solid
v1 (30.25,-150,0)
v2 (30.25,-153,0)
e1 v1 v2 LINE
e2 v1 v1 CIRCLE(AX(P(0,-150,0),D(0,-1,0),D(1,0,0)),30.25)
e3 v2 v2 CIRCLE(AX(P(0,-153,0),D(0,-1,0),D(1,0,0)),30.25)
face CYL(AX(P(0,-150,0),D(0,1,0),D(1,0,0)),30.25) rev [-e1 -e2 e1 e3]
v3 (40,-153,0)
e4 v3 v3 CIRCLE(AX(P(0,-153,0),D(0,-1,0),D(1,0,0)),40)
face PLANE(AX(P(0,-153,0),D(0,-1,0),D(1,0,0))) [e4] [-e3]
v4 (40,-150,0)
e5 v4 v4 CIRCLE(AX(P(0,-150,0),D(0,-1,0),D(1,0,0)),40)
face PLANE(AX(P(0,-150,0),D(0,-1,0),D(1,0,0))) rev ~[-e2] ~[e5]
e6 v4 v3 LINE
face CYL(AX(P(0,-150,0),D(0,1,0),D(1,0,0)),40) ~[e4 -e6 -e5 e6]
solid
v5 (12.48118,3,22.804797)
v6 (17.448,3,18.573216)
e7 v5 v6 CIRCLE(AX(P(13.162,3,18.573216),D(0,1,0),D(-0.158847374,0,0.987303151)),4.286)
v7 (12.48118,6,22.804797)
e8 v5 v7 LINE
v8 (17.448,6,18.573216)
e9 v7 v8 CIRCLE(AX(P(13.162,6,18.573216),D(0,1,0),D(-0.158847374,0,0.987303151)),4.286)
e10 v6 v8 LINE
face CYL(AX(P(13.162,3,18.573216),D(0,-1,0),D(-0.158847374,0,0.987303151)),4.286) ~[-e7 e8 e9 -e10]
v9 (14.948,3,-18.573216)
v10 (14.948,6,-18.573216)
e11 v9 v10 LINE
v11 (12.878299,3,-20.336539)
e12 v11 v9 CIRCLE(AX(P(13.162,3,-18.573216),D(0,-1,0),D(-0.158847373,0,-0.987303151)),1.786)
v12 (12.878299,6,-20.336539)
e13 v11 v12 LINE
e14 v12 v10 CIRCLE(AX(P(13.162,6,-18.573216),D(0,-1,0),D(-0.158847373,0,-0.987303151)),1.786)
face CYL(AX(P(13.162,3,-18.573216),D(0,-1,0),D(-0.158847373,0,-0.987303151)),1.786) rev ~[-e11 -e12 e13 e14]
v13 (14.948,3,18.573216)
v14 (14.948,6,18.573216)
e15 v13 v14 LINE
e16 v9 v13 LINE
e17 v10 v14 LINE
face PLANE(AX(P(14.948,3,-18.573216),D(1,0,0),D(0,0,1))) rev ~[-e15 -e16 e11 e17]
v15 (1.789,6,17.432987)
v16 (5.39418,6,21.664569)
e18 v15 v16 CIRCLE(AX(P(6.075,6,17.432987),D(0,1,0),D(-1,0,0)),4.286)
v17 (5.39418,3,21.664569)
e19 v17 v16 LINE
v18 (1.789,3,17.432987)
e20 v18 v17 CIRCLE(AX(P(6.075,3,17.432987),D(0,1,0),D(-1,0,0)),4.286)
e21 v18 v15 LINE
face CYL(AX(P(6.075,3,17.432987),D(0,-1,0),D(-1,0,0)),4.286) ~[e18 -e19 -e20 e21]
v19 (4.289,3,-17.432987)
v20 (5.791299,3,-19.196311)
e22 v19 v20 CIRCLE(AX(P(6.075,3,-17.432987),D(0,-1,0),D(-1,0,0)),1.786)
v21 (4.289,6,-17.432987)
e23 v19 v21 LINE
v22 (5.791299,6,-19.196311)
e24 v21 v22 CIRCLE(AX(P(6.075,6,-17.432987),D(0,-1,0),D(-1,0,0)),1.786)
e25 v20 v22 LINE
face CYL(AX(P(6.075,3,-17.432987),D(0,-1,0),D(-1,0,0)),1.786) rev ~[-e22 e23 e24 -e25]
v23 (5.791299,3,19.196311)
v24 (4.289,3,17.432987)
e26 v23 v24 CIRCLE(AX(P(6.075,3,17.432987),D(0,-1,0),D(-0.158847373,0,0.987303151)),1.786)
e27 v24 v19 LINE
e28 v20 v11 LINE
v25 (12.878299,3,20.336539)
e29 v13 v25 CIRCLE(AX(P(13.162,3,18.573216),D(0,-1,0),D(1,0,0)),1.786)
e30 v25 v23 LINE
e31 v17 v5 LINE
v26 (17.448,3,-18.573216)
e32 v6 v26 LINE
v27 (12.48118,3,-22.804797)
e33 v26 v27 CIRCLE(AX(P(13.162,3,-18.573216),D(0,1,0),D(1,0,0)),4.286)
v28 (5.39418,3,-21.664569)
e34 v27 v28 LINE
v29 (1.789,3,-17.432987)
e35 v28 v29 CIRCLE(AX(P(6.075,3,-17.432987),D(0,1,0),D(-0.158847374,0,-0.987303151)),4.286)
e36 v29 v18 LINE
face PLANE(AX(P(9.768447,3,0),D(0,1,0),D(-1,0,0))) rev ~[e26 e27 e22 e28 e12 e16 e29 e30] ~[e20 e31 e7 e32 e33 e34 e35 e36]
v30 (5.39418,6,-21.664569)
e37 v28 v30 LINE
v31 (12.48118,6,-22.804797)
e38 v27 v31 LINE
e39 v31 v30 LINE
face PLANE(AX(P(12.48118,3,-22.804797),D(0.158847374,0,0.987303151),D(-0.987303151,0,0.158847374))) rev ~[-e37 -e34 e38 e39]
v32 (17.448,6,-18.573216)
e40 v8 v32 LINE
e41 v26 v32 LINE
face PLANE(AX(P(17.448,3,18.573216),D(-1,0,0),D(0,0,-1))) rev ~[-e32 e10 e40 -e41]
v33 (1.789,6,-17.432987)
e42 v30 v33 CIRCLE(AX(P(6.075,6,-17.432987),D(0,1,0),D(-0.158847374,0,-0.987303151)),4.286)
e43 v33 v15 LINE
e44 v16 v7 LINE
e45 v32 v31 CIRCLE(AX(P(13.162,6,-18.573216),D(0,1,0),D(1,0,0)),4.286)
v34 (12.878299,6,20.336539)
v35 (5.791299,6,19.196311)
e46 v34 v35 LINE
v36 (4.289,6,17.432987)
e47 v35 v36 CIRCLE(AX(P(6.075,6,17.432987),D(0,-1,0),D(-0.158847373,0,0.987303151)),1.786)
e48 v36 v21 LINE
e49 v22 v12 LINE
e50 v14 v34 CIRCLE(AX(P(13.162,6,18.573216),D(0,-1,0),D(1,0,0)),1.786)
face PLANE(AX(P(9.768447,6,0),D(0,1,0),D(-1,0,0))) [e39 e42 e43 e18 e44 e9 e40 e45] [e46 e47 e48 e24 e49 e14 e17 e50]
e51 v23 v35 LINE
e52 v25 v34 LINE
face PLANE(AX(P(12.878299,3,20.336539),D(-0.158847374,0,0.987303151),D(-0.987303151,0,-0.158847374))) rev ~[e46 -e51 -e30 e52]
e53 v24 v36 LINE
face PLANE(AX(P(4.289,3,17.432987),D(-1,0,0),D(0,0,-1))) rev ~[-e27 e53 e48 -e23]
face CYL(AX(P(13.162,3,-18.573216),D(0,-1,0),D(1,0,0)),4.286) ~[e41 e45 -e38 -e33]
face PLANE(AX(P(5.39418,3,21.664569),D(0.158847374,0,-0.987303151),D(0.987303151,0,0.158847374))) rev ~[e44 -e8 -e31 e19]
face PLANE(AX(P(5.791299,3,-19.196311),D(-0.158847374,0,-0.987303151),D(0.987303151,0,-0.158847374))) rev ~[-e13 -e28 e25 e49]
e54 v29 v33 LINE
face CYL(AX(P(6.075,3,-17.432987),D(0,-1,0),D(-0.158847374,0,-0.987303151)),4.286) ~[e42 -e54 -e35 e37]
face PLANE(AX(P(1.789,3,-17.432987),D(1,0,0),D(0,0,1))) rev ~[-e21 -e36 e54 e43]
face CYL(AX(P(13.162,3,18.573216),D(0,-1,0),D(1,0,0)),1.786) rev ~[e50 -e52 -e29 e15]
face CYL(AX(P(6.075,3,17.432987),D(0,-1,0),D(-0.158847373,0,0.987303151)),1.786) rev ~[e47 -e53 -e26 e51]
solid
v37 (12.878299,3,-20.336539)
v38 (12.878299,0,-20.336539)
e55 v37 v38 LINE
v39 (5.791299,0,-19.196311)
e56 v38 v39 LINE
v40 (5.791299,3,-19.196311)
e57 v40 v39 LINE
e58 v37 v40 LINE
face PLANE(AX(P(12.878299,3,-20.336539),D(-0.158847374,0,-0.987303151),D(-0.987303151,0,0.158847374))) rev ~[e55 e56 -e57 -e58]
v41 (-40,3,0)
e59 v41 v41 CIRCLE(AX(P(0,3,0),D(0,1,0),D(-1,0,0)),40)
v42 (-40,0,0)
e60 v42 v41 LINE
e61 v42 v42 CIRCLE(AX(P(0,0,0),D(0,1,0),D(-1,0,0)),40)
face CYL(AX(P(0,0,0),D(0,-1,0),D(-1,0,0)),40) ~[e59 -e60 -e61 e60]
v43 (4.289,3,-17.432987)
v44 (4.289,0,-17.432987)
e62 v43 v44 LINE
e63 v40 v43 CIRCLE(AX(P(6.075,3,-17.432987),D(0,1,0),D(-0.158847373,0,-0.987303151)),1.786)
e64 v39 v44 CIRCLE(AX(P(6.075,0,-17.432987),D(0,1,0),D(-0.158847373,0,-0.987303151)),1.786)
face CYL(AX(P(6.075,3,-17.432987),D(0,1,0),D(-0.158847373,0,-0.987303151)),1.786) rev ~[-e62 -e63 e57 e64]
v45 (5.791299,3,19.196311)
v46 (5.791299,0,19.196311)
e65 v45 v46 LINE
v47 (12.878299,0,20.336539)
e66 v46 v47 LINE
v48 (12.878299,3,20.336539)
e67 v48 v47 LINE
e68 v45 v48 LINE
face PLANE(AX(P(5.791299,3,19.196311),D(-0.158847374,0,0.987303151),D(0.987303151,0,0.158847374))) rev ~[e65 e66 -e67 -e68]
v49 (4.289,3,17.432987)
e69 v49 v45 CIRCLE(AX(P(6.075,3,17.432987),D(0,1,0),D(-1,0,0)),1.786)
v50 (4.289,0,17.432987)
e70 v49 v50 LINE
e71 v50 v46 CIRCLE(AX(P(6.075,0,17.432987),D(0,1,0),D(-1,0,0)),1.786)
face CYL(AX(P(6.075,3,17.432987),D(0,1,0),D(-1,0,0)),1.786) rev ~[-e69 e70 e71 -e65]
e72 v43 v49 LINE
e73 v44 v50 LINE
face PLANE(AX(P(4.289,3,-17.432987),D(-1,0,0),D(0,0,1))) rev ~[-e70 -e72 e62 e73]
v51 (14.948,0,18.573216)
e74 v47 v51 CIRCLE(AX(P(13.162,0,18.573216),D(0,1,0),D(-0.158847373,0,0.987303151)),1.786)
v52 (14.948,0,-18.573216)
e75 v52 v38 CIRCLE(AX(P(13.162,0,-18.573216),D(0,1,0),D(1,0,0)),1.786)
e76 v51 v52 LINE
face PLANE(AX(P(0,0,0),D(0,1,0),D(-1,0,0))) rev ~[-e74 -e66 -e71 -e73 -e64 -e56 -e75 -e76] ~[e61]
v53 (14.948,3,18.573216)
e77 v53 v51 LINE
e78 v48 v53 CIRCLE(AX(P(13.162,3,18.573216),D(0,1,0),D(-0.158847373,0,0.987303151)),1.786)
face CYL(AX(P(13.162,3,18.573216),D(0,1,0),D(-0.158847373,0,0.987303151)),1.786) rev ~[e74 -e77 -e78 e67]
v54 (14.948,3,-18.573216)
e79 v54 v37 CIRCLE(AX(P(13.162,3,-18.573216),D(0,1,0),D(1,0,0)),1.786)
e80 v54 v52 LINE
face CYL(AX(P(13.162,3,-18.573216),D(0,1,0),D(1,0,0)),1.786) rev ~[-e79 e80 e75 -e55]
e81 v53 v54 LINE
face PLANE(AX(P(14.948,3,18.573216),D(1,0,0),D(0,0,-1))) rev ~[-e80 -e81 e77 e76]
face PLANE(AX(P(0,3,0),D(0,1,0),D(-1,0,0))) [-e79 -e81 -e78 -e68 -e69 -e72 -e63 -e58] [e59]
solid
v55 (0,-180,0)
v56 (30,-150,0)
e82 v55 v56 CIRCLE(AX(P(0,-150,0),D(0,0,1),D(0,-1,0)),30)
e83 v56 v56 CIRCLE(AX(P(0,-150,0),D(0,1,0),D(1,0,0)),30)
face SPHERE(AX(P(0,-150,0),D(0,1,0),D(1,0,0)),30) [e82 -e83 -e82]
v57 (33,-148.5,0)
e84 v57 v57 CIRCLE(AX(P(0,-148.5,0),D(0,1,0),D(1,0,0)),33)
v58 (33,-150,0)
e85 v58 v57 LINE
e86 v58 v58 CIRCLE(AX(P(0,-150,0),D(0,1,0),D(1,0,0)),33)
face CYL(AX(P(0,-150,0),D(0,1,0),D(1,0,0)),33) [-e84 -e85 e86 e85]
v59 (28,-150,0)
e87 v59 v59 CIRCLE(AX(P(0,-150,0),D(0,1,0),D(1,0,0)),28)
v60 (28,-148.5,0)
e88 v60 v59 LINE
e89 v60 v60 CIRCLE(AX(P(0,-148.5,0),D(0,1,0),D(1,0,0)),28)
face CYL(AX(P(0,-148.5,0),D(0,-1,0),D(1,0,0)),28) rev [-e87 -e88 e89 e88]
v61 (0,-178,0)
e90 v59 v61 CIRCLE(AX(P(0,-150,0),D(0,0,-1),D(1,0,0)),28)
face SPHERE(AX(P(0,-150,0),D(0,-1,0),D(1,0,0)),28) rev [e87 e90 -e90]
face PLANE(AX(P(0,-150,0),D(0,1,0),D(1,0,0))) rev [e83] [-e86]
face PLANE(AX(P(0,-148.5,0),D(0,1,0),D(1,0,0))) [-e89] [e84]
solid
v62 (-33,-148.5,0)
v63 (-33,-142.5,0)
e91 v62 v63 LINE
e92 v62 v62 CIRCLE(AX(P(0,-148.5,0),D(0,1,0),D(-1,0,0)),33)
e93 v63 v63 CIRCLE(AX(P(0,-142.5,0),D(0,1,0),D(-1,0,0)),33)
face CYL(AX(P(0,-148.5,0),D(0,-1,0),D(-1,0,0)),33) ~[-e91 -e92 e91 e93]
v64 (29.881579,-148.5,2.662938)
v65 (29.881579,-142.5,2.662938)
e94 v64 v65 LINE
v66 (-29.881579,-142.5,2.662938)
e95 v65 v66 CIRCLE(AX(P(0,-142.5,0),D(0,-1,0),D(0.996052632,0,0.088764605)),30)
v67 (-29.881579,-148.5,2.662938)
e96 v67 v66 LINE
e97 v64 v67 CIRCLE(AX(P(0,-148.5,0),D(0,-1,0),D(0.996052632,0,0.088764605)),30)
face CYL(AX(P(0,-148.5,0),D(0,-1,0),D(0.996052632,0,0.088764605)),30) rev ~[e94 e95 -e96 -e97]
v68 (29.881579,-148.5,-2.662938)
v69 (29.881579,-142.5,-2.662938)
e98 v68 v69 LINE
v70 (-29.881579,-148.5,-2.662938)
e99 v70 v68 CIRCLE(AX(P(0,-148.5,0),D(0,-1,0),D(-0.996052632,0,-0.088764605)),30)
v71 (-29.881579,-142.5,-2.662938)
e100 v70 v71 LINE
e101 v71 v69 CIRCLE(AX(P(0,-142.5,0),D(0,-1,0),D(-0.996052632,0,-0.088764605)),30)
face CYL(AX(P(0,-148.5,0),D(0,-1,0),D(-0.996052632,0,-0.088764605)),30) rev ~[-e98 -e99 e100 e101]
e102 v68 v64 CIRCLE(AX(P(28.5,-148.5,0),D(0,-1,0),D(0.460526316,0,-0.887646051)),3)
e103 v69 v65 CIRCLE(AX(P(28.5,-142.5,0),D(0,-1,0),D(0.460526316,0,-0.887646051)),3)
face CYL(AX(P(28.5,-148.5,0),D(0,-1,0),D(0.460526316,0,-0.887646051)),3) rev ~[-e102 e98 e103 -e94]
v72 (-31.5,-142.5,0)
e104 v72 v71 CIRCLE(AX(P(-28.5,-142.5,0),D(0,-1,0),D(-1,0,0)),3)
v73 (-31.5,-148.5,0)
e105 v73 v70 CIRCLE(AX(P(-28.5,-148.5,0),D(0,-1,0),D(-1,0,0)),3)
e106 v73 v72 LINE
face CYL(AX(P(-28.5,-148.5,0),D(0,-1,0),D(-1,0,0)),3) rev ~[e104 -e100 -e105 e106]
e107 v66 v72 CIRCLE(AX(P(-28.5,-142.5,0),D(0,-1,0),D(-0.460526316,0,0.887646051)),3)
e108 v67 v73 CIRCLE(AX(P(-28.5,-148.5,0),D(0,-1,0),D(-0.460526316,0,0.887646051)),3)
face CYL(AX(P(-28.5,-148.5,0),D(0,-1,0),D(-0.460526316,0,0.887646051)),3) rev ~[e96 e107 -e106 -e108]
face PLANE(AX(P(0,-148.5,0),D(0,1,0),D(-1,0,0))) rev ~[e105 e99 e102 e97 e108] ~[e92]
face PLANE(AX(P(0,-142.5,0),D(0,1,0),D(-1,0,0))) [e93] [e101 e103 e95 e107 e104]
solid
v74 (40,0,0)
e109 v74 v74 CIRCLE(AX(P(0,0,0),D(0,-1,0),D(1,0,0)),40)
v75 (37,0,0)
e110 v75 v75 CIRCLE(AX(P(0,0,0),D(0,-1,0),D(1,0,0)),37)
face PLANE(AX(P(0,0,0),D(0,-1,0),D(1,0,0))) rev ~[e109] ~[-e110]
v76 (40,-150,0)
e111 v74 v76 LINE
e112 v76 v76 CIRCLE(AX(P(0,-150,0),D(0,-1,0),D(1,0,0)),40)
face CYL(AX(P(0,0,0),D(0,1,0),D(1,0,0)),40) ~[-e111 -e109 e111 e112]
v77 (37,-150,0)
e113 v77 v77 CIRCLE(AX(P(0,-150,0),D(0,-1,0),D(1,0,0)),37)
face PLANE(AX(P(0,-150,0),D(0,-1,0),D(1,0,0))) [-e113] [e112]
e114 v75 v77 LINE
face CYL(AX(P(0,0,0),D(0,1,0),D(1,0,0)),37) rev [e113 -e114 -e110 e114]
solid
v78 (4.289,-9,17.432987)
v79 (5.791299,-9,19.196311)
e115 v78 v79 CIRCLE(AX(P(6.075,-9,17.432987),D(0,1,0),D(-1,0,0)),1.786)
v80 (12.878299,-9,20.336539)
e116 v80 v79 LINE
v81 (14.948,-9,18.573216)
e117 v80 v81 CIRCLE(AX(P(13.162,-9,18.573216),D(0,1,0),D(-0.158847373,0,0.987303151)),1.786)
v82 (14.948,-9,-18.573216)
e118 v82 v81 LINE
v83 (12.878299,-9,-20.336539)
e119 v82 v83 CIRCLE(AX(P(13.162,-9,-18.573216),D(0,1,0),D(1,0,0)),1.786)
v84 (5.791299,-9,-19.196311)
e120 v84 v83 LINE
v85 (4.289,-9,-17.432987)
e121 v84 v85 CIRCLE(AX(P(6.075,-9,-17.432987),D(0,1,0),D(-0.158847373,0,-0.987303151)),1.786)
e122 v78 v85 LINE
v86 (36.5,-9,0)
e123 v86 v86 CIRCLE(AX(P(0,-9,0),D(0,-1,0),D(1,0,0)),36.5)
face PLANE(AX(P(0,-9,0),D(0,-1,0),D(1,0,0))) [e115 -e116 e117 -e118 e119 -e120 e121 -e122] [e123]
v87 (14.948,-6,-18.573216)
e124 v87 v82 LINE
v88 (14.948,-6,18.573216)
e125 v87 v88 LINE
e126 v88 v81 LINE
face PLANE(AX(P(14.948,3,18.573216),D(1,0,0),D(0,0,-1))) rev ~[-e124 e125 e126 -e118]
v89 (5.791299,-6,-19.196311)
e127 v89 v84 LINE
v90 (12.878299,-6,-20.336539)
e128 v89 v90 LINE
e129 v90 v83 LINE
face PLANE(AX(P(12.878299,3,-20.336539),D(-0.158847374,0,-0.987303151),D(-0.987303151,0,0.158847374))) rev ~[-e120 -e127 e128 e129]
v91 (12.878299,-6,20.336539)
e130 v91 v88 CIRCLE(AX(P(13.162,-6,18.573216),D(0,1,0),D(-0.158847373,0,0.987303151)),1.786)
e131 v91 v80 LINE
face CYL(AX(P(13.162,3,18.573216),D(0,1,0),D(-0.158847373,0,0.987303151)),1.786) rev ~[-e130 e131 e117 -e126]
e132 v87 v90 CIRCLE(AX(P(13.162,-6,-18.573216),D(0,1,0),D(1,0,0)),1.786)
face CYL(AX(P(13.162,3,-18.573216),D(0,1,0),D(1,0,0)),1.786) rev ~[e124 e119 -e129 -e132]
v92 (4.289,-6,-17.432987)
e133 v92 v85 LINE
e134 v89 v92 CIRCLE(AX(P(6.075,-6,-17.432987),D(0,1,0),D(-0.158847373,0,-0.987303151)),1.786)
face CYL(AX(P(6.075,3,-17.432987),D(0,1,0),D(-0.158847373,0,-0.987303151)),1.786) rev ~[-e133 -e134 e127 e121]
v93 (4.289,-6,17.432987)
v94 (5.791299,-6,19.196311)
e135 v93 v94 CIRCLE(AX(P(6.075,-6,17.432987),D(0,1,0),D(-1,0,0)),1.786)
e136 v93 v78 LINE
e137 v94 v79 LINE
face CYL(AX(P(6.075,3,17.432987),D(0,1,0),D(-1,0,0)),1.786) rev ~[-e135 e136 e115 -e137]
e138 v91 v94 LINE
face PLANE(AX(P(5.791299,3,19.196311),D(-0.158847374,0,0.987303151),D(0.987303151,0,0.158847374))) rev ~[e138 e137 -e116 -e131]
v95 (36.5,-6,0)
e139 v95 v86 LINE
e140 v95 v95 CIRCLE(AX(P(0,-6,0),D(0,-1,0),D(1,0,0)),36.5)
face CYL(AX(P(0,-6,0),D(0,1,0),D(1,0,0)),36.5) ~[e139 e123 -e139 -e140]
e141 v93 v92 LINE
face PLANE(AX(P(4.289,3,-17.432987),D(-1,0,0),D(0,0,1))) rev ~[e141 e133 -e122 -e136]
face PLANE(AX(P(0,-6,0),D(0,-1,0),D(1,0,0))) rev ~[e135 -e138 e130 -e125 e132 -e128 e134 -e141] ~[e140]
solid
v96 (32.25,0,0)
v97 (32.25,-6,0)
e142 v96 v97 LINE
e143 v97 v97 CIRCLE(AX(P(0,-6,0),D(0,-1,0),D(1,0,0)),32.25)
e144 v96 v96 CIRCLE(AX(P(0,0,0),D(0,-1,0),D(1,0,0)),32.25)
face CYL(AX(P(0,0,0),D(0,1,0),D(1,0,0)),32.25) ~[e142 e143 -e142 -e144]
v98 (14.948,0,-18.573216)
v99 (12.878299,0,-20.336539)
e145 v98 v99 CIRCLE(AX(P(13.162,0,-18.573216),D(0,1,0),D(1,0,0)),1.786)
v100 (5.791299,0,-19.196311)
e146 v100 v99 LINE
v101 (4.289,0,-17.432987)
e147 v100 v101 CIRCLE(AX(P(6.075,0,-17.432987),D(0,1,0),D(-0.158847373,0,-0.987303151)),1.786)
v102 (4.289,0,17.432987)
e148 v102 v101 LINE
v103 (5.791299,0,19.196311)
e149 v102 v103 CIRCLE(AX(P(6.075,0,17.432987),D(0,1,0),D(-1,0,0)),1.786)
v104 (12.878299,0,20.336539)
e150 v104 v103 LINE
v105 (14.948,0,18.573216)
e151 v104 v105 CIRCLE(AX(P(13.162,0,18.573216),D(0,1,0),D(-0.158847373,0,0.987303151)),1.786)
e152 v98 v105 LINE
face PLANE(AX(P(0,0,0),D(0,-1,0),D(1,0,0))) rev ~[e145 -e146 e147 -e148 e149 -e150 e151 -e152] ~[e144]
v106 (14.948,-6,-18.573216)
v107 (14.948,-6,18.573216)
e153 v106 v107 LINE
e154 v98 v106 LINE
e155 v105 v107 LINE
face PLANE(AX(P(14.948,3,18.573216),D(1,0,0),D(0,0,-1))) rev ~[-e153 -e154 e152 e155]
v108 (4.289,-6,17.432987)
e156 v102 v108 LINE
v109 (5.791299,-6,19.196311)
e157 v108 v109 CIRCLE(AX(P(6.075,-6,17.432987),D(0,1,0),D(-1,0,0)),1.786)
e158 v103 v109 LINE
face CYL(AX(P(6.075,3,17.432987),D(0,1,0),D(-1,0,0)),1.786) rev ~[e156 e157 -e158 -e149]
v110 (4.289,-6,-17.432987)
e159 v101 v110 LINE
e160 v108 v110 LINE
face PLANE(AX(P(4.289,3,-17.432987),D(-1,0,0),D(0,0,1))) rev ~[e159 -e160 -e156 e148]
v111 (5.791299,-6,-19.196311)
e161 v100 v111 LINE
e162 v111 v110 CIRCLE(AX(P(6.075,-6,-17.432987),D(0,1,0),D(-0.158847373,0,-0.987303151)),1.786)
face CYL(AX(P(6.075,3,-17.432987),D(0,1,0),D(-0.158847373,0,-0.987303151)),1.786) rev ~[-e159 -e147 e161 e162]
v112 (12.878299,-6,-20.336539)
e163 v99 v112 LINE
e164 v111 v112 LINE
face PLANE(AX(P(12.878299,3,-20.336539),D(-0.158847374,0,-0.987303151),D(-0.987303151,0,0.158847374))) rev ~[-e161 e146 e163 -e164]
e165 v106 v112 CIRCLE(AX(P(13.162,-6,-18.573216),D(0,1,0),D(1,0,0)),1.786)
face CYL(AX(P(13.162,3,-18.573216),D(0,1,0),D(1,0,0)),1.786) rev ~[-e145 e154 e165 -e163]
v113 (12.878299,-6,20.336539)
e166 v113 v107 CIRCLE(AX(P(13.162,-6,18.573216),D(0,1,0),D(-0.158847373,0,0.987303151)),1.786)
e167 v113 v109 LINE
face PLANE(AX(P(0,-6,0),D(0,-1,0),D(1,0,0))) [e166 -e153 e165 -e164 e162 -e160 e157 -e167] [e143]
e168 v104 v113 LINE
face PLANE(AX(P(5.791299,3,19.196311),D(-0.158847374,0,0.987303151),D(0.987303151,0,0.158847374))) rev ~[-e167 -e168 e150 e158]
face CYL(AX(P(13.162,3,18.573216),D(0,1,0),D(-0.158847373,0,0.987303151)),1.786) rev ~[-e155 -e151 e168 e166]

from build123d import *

# Parameters (mm, degrees)
F0_R      = 40
F0_R_2    = 37
F1_DEPTH  = 150
F4_R      = 40
F4_R_2    = 30.25
F5_DEPTH  = 3
F6_R      = 33
F7_DEPTH  = 6
F8_R      = 40
F9_DEPTH  = 3
F10_R     = 32.25
F11_DEPTH = 6
F12_R     = 36.5
F13_DEPTH = 3
F15_DEPTH = 183.001
F17_DEPTH = 3


with BuildPart() as f1:
    # F0 (on Front) → F1 (new body)
    with BuildSketch(Plane.XZ):
        Circle(F0_R)
        Circle(F0_R_2, mode=Mode.SUBTRACT)
    extrude(amount=F1_DEPTH)


with BuildPart() as f3:
    # F2 (on Top) → F3 (revolve)
    with BuildSketch(Plane.XY):
        with BuildLine():
            ThreePointArc((0, -180), (21.2132034356, -171.2132034356), (30, -150))
            Line((30, -150), (33, -150))
            Line((33, -150), (33, -148.5))
            Line((33, -148.5), (28, -148.5))
            Line((28, -148.5), (28, -150))
            ThreePointArc((28, -150), (19.7989898732, -169.7989898732), (0, -178))
            Line((0, -178), (0, -180))
        make_face()
    revolve(axis=Axis((0, -179, 0), (0, 1, 0)))


with BuildPart() as f5:
    # F4 (on face) → F5 (new body)
    with BuildSketch(Plane.XZ.offset(150)):
        Circle(F4_R)
        Circle(F4_R_2, mode=Mode.SUBTRACT)
    extrude(amount=F5_DEPTH)


with BuildPart() as f7:
    # F6 (on face) → F7 (new body)
    with BuildSketch(Plane(origin=(0, -148.5, 0), x_dir=(-1, 0, 0), z_dir=(0, 1, 0))):
        Circle(F6_R)
        with BuildLine():
            ThreePointArc((-29.8815789474, 2.662938154), (0, 30), (29.8815789474, 2.662938154))
            ThreePointArc((29.8815789474, 2.662938154), (31.0636630865, 1.5580858702), (31.5, 0))
            ThreePointArc((31.5, 0), (31.0636630865, -1.5580858702), (29.8815789474, -2.662938154))
            ThreePointArc((29.8815789474, -2.662938154), (0, -30), (-29.8815789474, -2.662938154))
            ThreePointArc((-29.8815789474, -2.662938154), (-31.5, 0), (-29.8815789474, 2.662938154))
        make_face(mode=Mode.SUBTRACT)
    extrude(amount=F7_DEPTH)


with BuildPart() as f9:
    # F8 (on face) → F9 (new body)
    with BuildSketch(Plane(origin=(0, 0, 0), x_dir=(-1, 0, 0), z_dir=(0, 1, 0))):
        Circle(F8_R)
    extrude(amount=F9_DEPTH)


with BuildPart() as f11:
    # F10 (on face) → F11 (new body)
    with BuildSketch(Plane.XZ):
        Circle(F10_R)
    extrude(amount=F11_DEPTH)


with BuildPart() as f13:
    # F12 (on face) → F13 (new body)
    with BuildSketch(Plane.XZ.offset(6)):
        Circle(F12_R)
    extrude(amount=F13_DEPTH)


with BuildPart() as f15_tool:
    # F14 (on face) → F15 (new body, through all)
    with BuildSketch(Plane(origin=(0, 3, 0), x_dir=(-1, 0, 0), z_dir=(0, 1, 0))):
        with BuildLine():
            Line((-5.7912985909, 19.1963108418), (-12.8782985909, 20.3365394891))
            ThreePointArc((-12.8782985909, 20.3365394891), (-14.3202541352, 19.9327172046), (-14.948, 18.5732160614))
            Line((-14.948, 18.5732160614), (-14.948, -18.5732160614))
            ThreePointArc((-14.948, -18.5732160614), (-14.3202541352, -19.9327172046), (-12.8782985909, -20.3365394891))
            Line((-12.8782985909, -20.3365394891), (-5.7912985909, -19.1963108418))
            ThreePointArc((-5.7912985909, -19.1963108418), (-4.7154988568, -18.5912415494), (-4.289, -17.4329874142))
            Line((-4.289, -17.4329874142), (-4.289, 17.4329874142))
            ThreePointArc((-4.289, 17.4329874142), (-4.7154988568, 18.5912415494), (-5.7912985909, 19.1963108418))
        make_face()
    extrude(amount=-F15_DEPTH)


with BuildPart() as f9_1:
    add(f9.part)

    # F15: cut by f15_tool
    add(f15_tool.part, mode=Mode.SUBTRACT)


with BuildPart() as f11_1:
    add(f11.part)

    # F15: cut by f15_tool
    add(f15_tool.part, mode=Mode.SUBTRACT)


with BuildPart() as f13_1:
    add(f13.part)

    # F15: cut by f15_tool
    add(f15_tool.part, mode=Mode.SUBTRACT)


with BuildPart() as f17:
    # F16 (on face) → F17 (new body)
    with BuildSketch(Plane(origin=(0, 3, 0), x_dir=(-1, 0, 0), z_dir=(0, 1, 0))):
        with BuildLine():
            Line((-5.394180157, 21.6645687193), (-12.481180157, 22.8047973665))
            ThreePointArc((-12.481180157, 22.8047973665), (-15.941550517, 21.8357143256), (-17.448, 18.5732160614))
            Line((-17.448, 18.5732160614), (-17.448, -18.5732160614))
            ThreePointArc((-17.448, -18.5732160614), (-15.941550517, -21.8357143256), (-12.481180157, -22.8047973665))
            Line((-12.481180157, -22.8047973665), (-5.394180157, -21.6645687193))
            ThreePointArc((-5.394180157, -21.6645687193), (-2.8125017359, -20.2125379312), (-1.789, -17.4329874142))
            Line((-1.789, -17.4329874142), (-1.789, 17.4329874142))
            ThreePointArc((-1.789, 17.4329874142), (-2.8125017359, 20.2125379312), (-5.394180157, 21.6645687193))
        make_face()
        with BuildLine():
            Line((-14.948, -18.5732160614), (-14.948, 18.5732160614))
            ThreePointArc((-14.948, 18.5732160614), (-14.3202541352, 19.9327172046), (-12.8782985909, 20.3365394891))
            Line((-12.8782985909, 20.3365394891), (-5.7912985909, 19.1963108418))
            ThreePointArc((-5.7912985909, 19.1963108418), (-4.7154988568, 18.5912415494), (-4.289, 17.4329874142))
            Line((-4.289, 17.4329874142), (-4.289, -17.4329874142))
            ThreePointArc((-4.289, -17.4329874142), (-4.7154988568, -18.5912415494), (-5.7912985909, -19.1963108418))
            Line((-5.7912985909, -19.1963108418), (-12.8782985909, -20.3365394891))
            ThreePointArc((-12.8782985909, -20.3365394891), (-14.3202541352, -19.9327172046), (-14.948, -18.5732160614))
        make_face(mode=Mode.SUBTRACT)
    extrude(amount=F17_DEPTH)


solid = Compound([f1.part, f3.part, f5.part, f7.part, f9_1.part, f11_1.part, f13_1.part, f17.part])
